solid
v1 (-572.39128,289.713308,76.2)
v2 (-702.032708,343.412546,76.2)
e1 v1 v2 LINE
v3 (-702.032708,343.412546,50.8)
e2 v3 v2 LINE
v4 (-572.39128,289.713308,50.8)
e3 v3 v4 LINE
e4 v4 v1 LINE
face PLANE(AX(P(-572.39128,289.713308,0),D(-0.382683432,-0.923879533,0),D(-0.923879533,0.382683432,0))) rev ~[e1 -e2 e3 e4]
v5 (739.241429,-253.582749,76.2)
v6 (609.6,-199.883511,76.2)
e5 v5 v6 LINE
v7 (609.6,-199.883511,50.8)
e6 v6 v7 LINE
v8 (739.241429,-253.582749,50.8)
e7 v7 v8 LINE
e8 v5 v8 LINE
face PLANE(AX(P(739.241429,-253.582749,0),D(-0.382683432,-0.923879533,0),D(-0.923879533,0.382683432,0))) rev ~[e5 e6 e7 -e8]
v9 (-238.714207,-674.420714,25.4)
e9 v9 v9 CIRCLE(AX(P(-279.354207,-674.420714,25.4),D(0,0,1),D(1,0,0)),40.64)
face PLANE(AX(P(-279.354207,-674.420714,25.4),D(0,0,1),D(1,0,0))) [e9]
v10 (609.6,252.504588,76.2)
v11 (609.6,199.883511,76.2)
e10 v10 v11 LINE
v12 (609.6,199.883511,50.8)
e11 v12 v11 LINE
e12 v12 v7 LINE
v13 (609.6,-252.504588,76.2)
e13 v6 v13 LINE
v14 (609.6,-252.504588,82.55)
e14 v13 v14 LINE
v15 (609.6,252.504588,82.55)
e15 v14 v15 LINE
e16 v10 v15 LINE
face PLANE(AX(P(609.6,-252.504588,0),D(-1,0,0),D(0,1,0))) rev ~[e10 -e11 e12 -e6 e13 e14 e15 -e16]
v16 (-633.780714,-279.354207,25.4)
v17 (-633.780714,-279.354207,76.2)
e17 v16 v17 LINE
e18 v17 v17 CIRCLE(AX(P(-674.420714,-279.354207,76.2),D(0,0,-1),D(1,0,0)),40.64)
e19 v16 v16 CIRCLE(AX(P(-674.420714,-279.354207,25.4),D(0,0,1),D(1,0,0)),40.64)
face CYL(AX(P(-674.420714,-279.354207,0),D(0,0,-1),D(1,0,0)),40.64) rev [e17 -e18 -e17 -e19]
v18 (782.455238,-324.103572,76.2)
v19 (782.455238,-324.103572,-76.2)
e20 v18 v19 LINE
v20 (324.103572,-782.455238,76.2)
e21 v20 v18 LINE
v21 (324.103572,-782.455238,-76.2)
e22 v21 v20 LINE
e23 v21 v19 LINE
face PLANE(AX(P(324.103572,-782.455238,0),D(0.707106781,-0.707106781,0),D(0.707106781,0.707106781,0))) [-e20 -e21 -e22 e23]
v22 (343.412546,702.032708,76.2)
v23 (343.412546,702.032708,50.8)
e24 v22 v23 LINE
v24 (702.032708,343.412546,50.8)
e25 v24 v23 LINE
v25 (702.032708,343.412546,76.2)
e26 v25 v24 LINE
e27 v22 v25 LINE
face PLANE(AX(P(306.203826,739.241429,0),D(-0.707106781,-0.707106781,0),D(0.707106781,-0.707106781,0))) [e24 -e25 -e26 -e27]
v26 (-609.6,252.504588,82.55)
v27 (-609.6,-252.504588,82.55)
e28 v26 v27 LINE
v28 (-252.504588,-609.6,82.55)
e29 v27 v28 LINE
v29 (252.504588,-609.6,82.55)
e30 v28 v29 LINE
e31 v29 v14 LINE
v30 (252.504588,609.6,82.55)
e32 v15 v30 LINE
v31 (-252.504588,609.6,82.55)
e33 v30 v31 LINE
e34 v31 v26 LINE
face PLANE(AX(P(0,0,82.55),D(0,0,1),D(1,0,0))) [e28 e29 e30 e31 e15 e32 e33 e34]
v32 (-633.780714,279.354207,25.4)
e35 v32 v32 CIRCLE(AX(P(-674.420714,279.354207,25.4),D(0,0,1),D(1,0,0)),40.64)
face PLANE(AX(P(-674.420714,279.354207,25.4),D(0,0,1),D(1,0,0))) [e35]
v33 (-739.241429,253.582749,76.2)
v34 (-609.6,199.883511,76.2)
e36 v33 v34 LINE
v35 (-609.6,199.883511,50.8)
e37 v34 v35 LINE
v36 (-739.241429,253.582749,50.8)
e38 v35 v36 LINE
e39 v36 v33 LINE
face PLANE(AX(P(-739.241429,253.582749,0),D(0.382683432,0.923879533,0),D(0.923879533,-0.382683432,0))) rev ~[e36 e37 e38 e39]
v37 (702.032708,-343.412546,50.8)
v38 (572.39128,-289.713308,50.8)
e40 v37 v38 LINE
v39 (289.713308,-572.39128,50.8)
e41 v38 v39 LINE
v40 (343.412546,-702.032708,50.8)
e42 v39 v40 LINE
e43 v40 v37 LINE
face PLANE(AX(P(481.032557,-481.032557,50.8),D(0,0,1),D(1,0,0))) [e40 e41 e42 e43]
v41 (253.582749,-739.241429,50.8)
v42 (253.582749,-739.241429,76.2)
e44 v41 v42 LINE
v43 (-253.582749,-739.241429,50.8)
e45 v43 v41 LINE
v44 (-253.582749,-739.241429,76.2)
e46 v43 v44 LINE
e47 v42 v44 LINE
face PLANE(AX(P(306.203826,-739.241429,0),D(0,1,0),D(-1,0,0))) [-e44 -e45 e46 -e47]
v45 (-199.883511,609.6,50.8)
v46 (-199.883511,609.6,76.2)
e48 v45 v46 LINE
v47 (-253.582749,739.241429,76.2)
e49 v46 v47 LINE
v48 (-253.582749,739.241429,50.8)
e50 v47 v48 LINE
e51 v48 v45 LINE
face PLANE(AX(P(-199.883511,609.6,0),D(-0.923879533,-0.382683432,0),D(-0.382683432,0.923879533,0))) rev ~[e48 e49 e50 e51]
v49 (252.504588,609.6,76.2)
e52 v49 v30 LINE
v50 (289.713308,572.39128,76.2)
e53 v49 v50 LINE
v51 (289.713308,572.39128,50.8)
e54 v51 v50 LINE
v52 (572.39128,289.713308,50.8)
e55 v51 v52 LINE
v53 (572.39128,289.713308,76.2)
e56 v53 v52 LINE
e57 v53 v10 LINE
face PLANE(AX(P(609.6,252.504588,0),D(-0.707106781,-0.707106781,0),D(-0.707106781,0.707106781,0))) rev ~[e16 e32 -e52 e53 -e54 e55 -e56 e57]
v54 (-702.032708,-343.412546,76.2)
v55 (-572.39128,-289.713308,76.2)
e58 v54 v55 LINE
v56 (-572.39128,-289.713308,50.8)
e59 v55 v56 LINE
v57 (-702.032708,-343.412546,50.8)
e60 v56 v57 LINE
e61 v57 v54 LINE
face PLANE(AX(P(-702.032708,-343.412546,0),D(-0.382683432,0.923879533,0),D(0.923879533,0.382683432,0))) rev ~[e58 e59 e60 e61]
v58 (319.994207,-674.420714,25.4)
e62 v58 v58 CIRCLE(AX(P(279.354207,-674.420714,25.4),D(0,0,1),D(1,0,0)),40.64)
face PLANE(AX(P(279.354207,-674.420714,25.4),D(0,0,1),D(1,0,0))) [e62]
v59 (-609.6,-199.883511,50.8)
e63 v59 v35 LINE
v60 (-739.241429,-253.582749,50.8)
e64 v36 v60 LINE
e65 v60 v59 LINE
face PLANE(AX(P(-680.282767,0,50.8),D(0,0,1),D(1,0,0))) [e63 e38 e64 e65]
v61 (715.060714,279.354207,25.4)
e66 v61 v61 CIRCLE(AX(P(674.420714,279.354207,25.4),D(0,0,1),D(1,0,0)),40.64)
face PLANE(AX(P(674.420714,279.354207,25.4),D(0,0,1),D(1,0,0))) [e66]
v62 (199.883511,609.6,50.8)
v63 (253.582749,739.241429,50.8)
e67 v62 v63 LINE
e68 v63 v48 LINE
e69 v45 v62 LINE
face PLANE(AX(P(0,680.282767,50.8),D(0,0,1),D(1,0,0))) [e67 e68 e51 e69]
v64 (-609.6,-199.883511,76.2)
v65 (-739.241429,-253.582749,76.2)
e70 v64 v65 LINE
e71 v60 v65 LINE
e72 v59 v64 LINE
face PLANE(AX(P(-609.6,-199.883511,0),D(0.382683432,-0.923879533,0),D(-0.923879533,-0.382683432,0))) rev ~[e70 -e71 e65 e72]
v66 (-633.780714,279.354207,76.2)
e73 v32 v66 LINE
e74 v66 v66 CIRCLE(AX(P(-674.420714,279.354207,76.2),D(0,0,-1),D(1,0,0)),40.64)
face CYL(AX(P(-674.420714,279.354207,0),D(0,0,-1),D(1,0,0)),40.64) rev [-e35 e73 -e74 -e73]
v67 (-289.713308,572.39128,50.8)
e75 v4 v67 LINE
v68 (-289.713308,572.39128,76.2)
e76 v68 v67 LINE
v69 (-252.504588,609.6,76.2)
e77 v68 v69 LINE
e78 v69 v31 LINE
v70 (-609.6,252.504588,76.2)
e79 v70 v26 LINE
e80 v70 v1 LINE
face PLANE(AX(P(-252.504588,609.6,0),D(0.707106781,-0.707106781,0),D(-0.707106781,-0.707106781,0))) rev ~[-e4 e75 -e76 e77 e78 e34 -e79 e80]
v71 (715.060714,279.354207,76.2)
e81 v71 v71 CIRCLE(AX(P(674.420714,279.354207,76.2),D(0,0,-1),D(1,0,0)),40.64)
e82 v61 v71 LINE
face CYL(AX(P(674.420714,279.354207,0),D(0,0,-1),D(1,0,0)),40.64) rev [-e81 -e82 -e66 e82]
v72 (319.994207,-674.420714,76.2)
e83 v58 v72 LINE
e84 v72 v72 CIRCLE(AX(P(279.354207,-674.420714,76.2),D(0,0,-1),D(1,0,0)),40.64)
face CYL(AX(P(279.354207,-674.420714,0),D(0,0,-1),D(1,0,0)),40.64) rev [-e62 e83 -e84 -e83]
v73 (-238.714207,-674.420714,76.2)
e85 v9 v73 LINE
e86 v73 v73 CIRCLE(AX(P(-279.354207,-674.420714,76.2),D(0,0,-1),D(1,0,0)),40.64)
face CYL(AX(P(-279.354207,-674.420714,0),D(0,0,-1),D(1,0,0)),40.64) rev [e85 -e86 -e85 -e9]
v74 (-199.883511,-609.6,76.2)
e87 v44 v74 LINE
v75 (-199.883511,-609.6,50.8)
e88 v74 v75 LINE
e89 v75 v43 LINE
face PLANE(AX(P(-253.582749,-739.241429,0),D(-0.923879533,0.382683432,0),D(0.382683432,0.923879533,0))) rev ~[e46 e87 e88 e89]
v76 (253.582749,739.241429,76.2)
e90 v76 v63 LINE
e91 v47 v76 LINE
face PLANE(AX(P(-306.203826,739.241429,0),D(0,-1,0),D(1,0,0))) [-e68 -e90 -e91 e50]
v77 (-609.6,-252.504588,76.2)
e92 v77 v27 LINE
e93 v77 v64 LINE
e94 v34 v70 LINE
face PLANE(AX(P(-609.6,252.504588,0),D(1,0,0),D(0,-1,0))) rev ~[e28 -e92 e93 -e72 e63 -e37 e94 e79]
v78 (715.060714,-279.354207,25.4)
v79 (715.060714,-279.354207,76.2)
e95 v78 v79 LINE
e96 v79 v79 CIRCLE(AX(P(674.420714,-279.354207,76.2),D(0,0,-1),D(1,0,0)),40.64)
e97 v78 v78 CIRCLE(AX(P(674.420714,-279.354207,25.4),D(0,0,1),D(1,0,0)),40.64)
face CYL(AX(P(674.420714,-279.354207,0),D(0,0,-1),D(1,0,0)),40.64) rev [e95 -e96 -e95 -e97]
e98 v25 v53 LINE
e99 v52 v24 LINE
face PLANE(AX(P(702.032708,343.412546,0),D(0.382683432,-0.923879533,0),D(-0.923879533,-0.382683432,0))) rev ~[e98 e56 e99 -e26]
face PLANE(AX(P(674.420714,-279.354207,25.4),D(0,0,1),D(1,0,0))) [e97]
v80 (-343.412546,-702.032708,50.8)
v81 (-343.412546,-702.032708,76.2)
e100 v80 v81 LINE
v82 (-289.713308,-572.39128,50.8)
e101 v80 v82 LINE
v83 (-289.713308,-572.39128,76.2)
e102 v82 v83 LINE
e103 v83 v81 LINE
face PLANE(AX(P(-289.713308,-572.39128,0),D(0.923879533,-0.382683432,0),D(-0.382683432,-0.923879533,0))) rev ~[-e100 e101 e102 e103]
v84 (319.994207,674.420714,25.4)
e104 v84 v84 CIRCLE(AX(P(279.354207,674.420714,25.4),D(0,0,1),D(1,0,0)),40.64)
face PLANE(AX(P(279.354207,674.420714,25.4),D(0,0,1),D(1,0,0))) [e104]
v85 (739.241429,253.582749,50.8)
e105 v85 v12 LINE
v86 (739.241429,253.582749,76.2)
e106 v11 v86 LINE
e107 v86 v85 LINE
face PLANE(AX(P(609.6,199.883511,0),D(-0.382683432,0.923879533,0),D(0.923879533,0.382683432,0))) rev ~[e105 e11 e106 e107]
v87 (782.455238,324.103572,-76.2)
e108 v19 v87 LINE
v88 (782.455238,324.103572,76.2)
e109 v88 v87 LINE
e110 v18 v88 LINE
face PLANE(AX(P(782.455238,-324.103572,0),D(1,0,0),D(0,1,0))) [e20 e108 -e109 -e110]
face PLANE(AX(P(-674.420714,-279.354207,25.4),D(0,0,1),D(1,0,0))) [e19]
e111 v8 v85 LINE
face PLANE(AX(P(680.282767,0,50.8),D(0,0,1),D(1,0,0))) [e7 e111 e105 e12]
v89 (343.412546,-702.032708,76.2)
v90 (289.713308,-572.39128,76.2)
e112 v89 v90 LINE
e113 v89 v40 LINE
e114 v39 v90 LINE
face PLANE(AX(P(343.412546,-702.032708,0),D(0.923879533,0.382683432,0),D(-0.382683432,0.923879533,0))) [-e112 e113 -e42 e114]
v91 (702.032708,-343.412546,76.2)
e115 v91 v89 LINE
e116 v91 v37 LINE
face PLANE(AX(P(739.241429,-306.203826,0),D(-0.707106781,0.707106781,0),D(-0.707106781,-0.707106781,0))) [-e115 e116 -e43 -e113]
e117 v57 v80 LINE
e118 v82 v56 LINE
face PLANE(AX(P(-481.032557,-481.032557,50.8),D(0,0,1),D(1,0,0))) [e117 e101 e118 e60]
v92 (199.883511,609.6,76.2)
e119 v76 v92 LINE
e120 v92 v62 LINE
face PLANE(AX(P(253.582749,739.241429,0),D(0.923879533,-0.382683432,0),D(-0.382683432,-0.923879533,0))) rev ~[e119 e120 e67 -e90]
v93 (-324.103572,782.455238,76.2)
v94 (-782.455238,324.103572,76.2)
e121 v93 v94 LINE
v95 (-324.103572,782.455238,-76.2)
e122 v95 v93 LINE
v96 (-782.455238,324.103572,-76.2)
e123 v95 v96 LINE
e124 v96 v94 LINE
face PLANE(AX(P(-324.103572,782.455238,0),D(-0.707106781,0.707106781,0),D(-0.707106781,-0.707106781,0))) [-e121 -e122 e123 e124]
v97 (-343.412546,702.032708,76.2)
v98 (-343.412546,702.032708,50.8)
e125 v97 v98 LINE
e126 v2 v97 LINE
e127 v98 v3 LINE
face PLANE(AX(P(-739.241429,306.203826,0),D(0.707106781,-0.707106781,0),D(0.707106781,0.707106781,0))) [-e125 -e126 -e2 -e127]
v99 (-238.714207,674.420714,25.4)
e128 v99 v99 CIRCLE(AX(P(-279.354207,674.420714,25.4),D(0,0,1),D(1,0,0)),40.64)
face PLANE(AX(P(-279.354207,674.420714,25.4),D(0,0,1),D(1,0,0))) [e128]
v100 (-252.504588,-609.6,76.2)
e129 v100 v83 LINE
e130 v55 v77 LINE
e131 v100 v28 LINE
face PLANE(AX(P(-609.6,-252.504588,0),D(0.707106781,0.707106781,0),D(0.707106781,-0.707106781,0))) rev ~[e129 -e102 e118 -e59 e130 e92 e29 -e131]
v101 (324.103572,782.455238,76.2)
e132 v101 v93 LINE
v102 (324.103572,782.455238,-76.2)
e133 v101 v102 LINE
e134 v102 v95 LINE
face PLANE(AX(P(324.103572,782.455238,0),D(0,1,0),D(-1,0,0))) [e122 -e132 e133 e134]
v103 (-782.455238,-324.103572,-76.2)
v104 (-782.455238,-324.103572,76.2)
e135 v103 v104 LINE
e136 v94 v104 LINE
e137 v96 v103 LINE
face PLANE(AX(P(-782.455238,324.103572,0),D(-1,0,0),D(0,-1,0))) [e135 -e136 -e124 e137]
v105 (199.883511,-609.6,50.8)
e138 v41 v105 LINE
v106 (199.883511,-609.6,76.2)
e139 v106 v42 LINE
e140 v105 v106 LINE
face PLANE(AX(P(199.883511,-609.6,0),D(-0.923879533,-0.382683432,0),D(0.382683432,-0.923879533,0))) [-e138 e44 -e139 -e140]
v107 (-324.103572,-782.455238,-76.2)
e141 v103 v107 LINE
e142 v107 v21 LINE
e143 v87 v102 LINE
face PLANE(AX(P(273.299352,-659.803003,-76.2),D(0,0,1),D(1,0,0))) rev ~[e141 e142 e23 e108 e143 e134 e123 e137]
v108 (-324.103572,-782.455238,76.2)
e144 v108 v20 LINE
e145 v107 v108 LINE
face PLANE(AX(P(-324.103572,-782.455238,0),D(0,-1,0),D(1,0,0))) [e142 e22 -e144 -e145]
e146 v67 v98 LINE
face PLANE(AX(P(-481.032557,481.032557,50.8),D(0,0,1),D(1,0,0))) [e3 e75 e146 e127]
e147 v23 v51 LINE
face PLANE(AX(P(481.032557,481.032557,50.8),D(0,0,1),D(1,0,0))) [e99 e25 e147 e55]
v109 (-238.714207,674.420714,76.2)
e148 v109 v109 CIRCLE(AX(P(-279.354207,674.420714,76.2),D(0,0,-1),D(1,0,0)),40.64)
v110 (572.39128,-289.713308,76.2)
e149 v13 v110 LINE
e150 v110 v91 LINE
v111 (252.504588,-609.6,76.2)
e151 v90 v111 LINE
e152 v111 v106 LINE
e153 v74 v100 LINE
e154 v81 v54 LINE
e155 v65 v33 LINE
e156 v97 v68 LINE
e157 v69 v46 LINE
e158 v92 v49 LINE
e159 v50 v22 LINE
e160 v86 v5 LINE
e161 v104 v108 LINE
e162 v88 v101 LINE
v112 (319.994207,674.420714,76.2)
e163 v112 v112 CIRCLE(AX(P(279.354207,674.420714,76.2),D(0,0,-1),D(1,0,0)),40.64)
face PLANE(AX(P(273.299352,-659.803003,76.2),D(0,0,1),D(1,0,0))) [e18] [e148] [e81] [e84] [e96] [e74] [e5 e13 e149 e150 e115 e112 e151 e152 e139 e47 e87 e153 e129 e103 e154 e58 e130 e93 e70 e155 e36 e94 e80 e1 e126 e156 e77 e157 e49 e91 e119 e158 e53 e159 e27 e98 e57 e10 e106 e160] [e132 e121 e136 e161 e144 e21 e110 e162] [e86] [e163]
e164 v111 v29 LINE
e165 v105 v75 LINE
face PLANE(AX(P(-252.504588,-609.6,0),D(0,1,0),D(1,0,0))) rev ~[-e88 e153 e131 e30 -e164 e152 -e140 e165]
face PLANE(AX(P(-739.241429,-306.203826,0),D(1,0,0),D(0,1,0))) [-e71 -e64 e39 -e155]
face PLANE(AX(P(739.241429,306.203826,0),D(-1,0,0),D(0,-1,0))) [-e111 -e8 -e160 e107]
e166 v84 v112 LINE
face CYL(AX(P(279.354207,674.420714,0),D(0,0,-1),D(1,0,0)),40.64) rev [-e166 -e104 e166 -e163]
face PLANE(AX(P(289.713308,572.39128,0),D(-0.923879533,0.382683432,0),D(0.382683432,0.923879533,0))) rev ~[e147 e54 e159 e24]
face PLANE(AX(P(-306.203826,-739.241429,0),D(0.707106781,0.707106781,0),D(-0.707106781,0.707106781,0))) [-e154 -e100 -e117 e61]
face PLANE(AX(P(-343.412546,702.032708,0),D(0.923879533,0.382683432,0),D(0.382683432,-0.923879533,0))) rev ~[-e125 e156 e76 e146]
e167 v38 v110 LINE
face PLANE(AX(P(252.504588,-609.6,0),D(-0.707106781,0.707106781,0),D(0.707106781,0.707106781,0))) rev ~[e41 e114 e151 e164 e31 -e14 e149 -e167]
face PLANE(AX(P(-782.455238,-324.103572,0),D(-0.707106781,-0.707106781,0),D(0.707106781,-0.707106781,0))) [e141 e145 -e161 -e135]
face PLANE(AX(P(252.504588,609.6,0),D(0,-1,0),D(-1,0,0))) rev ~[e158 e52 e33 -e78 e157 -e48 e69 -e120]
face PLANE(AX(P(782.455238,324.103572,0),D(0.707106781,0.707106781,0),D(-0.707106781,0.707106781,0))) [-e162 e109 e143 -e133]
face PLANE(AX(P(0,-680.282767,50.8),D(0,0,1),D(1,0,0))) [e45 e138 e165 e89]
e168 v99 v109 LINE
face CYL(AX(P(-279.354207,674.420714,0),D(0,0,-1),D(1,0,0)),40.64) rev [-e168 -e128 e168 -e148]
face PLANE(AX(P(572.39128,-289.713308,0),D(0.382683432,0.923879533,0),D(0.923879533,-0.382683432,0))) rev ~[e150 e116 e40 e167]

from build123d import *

# Parameters (mm, degrees)
F1_DEPTH = 76.2
F2_DEPTH = 63.5
F3_DEPTH = 12.7
F0_R     = 40.64
F4_DEPTH = 76.2
F5_DEPTH = 76.201
F6_DEPTH = 25.4
F7_DEPTH = 76.2
F8_DEPTH = 82.55
F9_DEPTH = 12.7


with BuildPart() as f1:
    # F0 (on Top) → F1 (new body, symmetric)
    with BuildSketch(Plane.XY):
        Polygon((324.1035716087, 782.4552381913), (-324.1035716087, 782.4552381913), (-782.4552381913, 324.1035716087), (-782.4552381913, -324.1035716087), (-324.1035716087, -782.4552381913), (324.1035716087, -782.4552381913), (782.4552381913, -324.1035716087), (782.4552381913, 324.1035716087), align=None)
        Polygon((-306.2038256122, 739.2414286435), (-253.5827489128, 739.2414286435), (253.5827489128, 739.2414286435), (306.2038256122, 739.2414286435), (343.4125457797, 702.032708476), (702.032708476, 343.4125457797), (739.2414286435, 306.2038256122), (739.2414286435, 253.5827489128), (739.2414286435, -253.5827489128), (739.2414286435, -306.2038256122), (702.032708476, -343.4125457797), (343.4125457797, -702.032708476), (306.2038256122, -739.2414286435), (253.5827489128, -739.2414286435), (-253.5827489128, -739.2414286435), (-306.2038256122, -739.2414286435), (-343.4125457797, -702.032708476), (-702.032708476, -343.4125457797), (-739.2414286435, -306.2038256122), (-739.2414286435, -253.5827489128), (-739.2414286435, 253.5827489128), (-739.2414286435, 306.2038256122), (-702.032708476, 343.4125457797), (-343.4125457797, 702.032708476), align=None, mode=Mode.SUBTRACT)
    extrude(amount=F1_DEPTH, both=True)

    # F0 (on Top) → F2 (join, symmetric)
    with BuildSketch(Plane.XY):
        Polygon((-572.3912798325, 289.7133077901), (-289.7133077901, 572.3912798325), (-343.4125457797, 702.032708476), (-702.032708476, 343.4125457797), align=None)
        Polygon((-253.5827489128, 739.2414286435), (-199.8835109232, 609.6), (199.8835109232, 609.6), (253.5827489128, 739.2414286435), align=None)
        Polygon((343.4125457797, 702.032708476), (289.7133077901, 572.3912798325), (572.3912798325, 289.7133077901), (702.032708476, 343.4125457797), align=None)
        Polygon((-609.6, -199.8835109232), (-609.6, 199.8835109232), (-739.2414286435, 253.5827489128), (-739.2414286435, -253.5827489128), align=None)
        Polygon((739.2414286435, 253.5827489128), (609.6, 199.8835109232), (609.6, -199.8835109232), (739.2414286435, -253.5827489128), align=None)
        Polygon((702.032708476, -343.4125457797), (572.3912798325, -289.7133077901), (289.7133077901, -572.3912798325), (343.4125457797, -702.032708476), align=None)
        Polygon((199.8835109232, -609.6), (-199.8835109232, -609.6), (-253.5827489128, -739.2414286435), (253.5827489128, -739.2414286435), align=None)
        Polygon((-289.7133077901, -572.3912798325), (-572.3912798325, -289.7133077901), (-702.032708476, -343.4125457797), (-343.4125457797, -702.032708476), align=None)
    extrude(amount=F2_DEPTH, both=True)

    # F3 (add): faces of the model
    f3_faces = [f1.faces().sort_by_distance(p)[0] for p in [
        (478.6967193132, -478.6967193132, -63.5),
        (0, -676.9793927162, -63.5),
        (-478.6967193132, -478.6967193132, -63.5),
        (-676.9793927162, 0, -63.5),
        (-478.6967193132, 478.6967193132, -63.5),
        (0, 676.9793927162, -63.5),
        (478.6967193132, 478.6967193132, -63.5),
        (676.9793927162, 0, -63.5),
    ]]
    extrude(f3_faces, amount=F3_DEPTH)

    # F0 (on Top) → F4 (join, symmetric)
    with BuildSketch(Plane.XY):
        Polygon((-289.7133077901, 572.3912798325), (-252.5045876226, 609.6), (-199.8835109232, 609.6), (-253.5827489128, 739.2414286435), (-306.2038256122, 739.2414286435), (-343.4125457797, 702.032708476), align=None)
        with Locations((-279.3542066174, 674.4207143217)):
            Circle(F0_R, mode=Mode.SUBTRACT)
        Polygon((253.5827489128, 739.2414286435), (199.8835109232, 609.6), (252.5045876226, 609.6), (289.7133077901, 572.3912798325), (343.4125457797, 702.032708476), (306.2038256122, 739.2414286435), align=None)
        with Locations((279.3542066174, 674.4207143217)):
            Circle(F0_R, mode=Mode.SUBTRACT)
        Polygon((-609.6, 252.5045876226), (-572.3912798325, 289.7133077901), (-702.032708476, 343.4125457797), (-739.2414286435, 306.2038256122), (-739.2414286435, 253.5827489128), (-609.6, 199.8835109232), align=None)
        with Locations((-674.4207143217, 279.3542066174)):
            Circle(F0_R, mode=Mode.SUBTRACT)
        Polygon((-609.6, -252.5045876226), (-609.6, -199.8835109232), (-739.2414286435, -253.5827489128), (-739.2414286435, -306.2038256122), (-702.032708476, -343.4125457797), (-572.3912798325, -289.7133077901), align=None)
        with Locations((-674.4207143217, -279.3542066174)):
            Circle(F0_R, mode=Mode.SUBTRACT)
        Polygon((702.032708476, 343.4125457797), (572.3912798325, 289.7133077901), (609.6, 252.5045876226), (609.6, 199.8835109232), (739.2414286435, 253.5827489128), (739.2414286435, 306.2038256122), align=None)
        with Locations((674.4207143217, 279.3542066174)):
            Circle(F0_R, mode=Mode.SUBTRACT)
        Polygon((739.2414286435, -253.5827489128), (609.6, -199.8835109232), (609.6, -252.5045876226), (572.3912798325, -289.7133077901), (702.032708476, -343.4125457797), (739.2414286435, -306.2038256122), align=None)
        with Locations((674.4207143217, -279.3542066174)):
            Circle(F0_R, mode=Mode.SUBTRACT)
        Polygon((-252.5045876226, -609.6), (-289.7133077901, -572.3912798325), (-343.4125457797, -702.032708476), (-306.2038256122, -739.2414286435), (-253.5827489128, -739.2414286435), (-199.8835109232, -609.6), align=None)
        with Locations((-279.3542066174, -674.4207143217)):
            Circle(F0_R, mode=Mode.SUBTRACT)
        Polygon((343.4125457797, -702.032708476), (289.7133077901, -572.3912798325), (252.5045876226, -609.6), (199.8835109232, -609.6), (253.5827489128, -739.2414286435), (306.2038256122, -739.2414286435), align=None)
        with Locations((279.3542066174, -674.4207143217)):
            Circle(F0_R, mode=Mode.SUBTRACT)
        with Locations((674.4207143217, 279.3542066174)):
            Circle(F0_R)
        with Locations((279.3542066174, 674.4207143217)):
            Circle(F0_R)
        with Locations((-279.3542066174, 674.4207143217)):
            Circle(F0_R)
        with Locations((-674.4207143217, 279.3542066174)):
            Circle(F0_R)
        with Locations((-674.4207143217, -279.3542066174)):
            Circle(F0_R)
        with Locations((-279.3542066174, -674.4207143217)):
            Circle(F0_R)
        with Locations((279.3542066174, -674.4207143217)):
            Circle(F0_R)
        with Locations((674.4207143217, -279.3542066174)):
            Circle(F0_R)
    extrude(amount=F4_DEPTH, both=True)

    # F0 (on Top) → F5 (cut, through all)
    with BuildSketch(Plane.XY):
        with Locations((-674.4207143217, 279.3542066174)):
            Circle(F0_R)
        with Locations((-279.3542066174, 674.4207143217)):
            Circle(F0_R)
        with Locations((279.3542066174, 674.4207143217)):
            Circle(F0_R)
        with Locations((674.4207143217, 279.3542066174)):
            Circle(F0_R)
        with Locations((674.4207143217, -279.3542066174)):
            Circle(F0_R)
        with Locations((279.3542066174, -674.4207143217)):
            Circle(F0_R)
        with Locations((-279.3542066174, -674.4207143217)):
            Circle(F0_R)
        with Locations((-674.4207143217, -279.3542066174)):
            Circle(F0_R)
    extrude(amount=F5_DEPTH, mode=Mode.SUBTRACT)

    # F0 (on Top) → F6 (join)
    with BuildSketch(Plane.XY):
        with Locations((-279.3542066174, 674.4207143217)):
            Circle(F0_R)
        with Locations((279.3542066174, 674.4207143217)):
            Circle(F0_R)
        with Locations((674.4207143217, 279.3542066174)):
            Circle(F0_R)
        with Locations((674.4207143217, -279.3542066174)):
            Circle(F0_R)
        with Locations((279.3542066174, -674.4207143217)):
            Circle(F0_R)
        with Locations((-279.3542066174, -674.4207143217)):
            Circle(F0_R)
        with Locations((-674.4207143217, -279.3542066174)):
            Circle(F0_R)
        with Locations((-674.4207143217, 279.3542066174)):
            Circle(F0_R)
    extrude(amount=F6_DEPTH)

    # F0 (on Top) → F7 (join)
    with BuildSketch(Plane.XY):
        Polygon((-199.8835109232, 609.6), (-252.5045876226, 609.6), (-289.7133077901, 572.3912798325), (-572.3912798325, 289.7133077901), (-609.6, 252.5045876226), (-609.6, 199.8835109232), (-609.6, -199.8835109232), (-609.6, -252.5045876226), (-572.3912798325, -289.7133077901), (-289.7133077901, -572.3912798325), (-252.5045876226, -609.6), (-199.8835109232, -609.6), (199.8835109232, -609.6), (252.5045876226, -609.6), (289.7133077901, -572.3912798325), (572.3912798325, -289.7133077901), (609.6, -252.5045876226), (609.6, -199.8835109232), (609.6, 199.8835109232), (609.6, 252.5045876226), (572.3912798325, 289.7133077901), (289.7133077901, 572.3912798325), (252.5045876226, 609.6), (199.8835109232, 609.6), align=None)
    extrude(amount=-F7_DEPTH)

    # F0 (on Top) → F8 (join)
    with BuildSketch(Plane.XY):
        Polygon((-199.8835109232, 609.6), (-252.5045876226, 609.6), (-289.7133077901, 572.3912798325), (-572.3912798325, 289.7133077901), (-609.6, 252.5045876226), (-609.6, 199.8835109232), (-609.6, -199.8835109232), (-609.6, -252.5045876226), (-572.3912798325, -289.7133077901), (-289.7133077901, -572.3912798325), (-252.5045876226, -609.6), (-199.8835109232, -609.6), (199.8835109232, -609.6), (252.5045876226, -609.6), (289.7133077901, -572.3912798325), (572.3912798325, -289.7133077901), (609.6, -252.5045876226), (609.6, -199.8835109232), (609.6, 199.8835109232), (609.6, 252.5045876226), (572.3912798325, 289.7133077901), (289.7133077901, 572.3912798325), (252.5045876226, 609.6), (199.8835109232, 609.6), align=None)
    extrude(amount=F8_DEPTH)

    # F9 (cut): faces of the model
    f9_faces = [f1.faces().sort_by_distance(p)[0] for p in [
        (0, -676.9793927162, 63.5),
        (478.6967193132, -478.6967193132, 63.5),
        (676.9793927162, 0, 63.5),
        (478.6967193132, 478.6967193132, 63.5),
        (0, 676.9793927162, 63.5),
        (-478.6967193132, 478.6967193132, 63.5),
        (-676.9793927162, 0, 63.5),
        (-478.6967193132, -478.6967193132, 63.5),
    ]]
    extrude(f9_faces, amount=-F9_DEPTH, mode=Mode.SUBTRACT)


solid = f1.part
